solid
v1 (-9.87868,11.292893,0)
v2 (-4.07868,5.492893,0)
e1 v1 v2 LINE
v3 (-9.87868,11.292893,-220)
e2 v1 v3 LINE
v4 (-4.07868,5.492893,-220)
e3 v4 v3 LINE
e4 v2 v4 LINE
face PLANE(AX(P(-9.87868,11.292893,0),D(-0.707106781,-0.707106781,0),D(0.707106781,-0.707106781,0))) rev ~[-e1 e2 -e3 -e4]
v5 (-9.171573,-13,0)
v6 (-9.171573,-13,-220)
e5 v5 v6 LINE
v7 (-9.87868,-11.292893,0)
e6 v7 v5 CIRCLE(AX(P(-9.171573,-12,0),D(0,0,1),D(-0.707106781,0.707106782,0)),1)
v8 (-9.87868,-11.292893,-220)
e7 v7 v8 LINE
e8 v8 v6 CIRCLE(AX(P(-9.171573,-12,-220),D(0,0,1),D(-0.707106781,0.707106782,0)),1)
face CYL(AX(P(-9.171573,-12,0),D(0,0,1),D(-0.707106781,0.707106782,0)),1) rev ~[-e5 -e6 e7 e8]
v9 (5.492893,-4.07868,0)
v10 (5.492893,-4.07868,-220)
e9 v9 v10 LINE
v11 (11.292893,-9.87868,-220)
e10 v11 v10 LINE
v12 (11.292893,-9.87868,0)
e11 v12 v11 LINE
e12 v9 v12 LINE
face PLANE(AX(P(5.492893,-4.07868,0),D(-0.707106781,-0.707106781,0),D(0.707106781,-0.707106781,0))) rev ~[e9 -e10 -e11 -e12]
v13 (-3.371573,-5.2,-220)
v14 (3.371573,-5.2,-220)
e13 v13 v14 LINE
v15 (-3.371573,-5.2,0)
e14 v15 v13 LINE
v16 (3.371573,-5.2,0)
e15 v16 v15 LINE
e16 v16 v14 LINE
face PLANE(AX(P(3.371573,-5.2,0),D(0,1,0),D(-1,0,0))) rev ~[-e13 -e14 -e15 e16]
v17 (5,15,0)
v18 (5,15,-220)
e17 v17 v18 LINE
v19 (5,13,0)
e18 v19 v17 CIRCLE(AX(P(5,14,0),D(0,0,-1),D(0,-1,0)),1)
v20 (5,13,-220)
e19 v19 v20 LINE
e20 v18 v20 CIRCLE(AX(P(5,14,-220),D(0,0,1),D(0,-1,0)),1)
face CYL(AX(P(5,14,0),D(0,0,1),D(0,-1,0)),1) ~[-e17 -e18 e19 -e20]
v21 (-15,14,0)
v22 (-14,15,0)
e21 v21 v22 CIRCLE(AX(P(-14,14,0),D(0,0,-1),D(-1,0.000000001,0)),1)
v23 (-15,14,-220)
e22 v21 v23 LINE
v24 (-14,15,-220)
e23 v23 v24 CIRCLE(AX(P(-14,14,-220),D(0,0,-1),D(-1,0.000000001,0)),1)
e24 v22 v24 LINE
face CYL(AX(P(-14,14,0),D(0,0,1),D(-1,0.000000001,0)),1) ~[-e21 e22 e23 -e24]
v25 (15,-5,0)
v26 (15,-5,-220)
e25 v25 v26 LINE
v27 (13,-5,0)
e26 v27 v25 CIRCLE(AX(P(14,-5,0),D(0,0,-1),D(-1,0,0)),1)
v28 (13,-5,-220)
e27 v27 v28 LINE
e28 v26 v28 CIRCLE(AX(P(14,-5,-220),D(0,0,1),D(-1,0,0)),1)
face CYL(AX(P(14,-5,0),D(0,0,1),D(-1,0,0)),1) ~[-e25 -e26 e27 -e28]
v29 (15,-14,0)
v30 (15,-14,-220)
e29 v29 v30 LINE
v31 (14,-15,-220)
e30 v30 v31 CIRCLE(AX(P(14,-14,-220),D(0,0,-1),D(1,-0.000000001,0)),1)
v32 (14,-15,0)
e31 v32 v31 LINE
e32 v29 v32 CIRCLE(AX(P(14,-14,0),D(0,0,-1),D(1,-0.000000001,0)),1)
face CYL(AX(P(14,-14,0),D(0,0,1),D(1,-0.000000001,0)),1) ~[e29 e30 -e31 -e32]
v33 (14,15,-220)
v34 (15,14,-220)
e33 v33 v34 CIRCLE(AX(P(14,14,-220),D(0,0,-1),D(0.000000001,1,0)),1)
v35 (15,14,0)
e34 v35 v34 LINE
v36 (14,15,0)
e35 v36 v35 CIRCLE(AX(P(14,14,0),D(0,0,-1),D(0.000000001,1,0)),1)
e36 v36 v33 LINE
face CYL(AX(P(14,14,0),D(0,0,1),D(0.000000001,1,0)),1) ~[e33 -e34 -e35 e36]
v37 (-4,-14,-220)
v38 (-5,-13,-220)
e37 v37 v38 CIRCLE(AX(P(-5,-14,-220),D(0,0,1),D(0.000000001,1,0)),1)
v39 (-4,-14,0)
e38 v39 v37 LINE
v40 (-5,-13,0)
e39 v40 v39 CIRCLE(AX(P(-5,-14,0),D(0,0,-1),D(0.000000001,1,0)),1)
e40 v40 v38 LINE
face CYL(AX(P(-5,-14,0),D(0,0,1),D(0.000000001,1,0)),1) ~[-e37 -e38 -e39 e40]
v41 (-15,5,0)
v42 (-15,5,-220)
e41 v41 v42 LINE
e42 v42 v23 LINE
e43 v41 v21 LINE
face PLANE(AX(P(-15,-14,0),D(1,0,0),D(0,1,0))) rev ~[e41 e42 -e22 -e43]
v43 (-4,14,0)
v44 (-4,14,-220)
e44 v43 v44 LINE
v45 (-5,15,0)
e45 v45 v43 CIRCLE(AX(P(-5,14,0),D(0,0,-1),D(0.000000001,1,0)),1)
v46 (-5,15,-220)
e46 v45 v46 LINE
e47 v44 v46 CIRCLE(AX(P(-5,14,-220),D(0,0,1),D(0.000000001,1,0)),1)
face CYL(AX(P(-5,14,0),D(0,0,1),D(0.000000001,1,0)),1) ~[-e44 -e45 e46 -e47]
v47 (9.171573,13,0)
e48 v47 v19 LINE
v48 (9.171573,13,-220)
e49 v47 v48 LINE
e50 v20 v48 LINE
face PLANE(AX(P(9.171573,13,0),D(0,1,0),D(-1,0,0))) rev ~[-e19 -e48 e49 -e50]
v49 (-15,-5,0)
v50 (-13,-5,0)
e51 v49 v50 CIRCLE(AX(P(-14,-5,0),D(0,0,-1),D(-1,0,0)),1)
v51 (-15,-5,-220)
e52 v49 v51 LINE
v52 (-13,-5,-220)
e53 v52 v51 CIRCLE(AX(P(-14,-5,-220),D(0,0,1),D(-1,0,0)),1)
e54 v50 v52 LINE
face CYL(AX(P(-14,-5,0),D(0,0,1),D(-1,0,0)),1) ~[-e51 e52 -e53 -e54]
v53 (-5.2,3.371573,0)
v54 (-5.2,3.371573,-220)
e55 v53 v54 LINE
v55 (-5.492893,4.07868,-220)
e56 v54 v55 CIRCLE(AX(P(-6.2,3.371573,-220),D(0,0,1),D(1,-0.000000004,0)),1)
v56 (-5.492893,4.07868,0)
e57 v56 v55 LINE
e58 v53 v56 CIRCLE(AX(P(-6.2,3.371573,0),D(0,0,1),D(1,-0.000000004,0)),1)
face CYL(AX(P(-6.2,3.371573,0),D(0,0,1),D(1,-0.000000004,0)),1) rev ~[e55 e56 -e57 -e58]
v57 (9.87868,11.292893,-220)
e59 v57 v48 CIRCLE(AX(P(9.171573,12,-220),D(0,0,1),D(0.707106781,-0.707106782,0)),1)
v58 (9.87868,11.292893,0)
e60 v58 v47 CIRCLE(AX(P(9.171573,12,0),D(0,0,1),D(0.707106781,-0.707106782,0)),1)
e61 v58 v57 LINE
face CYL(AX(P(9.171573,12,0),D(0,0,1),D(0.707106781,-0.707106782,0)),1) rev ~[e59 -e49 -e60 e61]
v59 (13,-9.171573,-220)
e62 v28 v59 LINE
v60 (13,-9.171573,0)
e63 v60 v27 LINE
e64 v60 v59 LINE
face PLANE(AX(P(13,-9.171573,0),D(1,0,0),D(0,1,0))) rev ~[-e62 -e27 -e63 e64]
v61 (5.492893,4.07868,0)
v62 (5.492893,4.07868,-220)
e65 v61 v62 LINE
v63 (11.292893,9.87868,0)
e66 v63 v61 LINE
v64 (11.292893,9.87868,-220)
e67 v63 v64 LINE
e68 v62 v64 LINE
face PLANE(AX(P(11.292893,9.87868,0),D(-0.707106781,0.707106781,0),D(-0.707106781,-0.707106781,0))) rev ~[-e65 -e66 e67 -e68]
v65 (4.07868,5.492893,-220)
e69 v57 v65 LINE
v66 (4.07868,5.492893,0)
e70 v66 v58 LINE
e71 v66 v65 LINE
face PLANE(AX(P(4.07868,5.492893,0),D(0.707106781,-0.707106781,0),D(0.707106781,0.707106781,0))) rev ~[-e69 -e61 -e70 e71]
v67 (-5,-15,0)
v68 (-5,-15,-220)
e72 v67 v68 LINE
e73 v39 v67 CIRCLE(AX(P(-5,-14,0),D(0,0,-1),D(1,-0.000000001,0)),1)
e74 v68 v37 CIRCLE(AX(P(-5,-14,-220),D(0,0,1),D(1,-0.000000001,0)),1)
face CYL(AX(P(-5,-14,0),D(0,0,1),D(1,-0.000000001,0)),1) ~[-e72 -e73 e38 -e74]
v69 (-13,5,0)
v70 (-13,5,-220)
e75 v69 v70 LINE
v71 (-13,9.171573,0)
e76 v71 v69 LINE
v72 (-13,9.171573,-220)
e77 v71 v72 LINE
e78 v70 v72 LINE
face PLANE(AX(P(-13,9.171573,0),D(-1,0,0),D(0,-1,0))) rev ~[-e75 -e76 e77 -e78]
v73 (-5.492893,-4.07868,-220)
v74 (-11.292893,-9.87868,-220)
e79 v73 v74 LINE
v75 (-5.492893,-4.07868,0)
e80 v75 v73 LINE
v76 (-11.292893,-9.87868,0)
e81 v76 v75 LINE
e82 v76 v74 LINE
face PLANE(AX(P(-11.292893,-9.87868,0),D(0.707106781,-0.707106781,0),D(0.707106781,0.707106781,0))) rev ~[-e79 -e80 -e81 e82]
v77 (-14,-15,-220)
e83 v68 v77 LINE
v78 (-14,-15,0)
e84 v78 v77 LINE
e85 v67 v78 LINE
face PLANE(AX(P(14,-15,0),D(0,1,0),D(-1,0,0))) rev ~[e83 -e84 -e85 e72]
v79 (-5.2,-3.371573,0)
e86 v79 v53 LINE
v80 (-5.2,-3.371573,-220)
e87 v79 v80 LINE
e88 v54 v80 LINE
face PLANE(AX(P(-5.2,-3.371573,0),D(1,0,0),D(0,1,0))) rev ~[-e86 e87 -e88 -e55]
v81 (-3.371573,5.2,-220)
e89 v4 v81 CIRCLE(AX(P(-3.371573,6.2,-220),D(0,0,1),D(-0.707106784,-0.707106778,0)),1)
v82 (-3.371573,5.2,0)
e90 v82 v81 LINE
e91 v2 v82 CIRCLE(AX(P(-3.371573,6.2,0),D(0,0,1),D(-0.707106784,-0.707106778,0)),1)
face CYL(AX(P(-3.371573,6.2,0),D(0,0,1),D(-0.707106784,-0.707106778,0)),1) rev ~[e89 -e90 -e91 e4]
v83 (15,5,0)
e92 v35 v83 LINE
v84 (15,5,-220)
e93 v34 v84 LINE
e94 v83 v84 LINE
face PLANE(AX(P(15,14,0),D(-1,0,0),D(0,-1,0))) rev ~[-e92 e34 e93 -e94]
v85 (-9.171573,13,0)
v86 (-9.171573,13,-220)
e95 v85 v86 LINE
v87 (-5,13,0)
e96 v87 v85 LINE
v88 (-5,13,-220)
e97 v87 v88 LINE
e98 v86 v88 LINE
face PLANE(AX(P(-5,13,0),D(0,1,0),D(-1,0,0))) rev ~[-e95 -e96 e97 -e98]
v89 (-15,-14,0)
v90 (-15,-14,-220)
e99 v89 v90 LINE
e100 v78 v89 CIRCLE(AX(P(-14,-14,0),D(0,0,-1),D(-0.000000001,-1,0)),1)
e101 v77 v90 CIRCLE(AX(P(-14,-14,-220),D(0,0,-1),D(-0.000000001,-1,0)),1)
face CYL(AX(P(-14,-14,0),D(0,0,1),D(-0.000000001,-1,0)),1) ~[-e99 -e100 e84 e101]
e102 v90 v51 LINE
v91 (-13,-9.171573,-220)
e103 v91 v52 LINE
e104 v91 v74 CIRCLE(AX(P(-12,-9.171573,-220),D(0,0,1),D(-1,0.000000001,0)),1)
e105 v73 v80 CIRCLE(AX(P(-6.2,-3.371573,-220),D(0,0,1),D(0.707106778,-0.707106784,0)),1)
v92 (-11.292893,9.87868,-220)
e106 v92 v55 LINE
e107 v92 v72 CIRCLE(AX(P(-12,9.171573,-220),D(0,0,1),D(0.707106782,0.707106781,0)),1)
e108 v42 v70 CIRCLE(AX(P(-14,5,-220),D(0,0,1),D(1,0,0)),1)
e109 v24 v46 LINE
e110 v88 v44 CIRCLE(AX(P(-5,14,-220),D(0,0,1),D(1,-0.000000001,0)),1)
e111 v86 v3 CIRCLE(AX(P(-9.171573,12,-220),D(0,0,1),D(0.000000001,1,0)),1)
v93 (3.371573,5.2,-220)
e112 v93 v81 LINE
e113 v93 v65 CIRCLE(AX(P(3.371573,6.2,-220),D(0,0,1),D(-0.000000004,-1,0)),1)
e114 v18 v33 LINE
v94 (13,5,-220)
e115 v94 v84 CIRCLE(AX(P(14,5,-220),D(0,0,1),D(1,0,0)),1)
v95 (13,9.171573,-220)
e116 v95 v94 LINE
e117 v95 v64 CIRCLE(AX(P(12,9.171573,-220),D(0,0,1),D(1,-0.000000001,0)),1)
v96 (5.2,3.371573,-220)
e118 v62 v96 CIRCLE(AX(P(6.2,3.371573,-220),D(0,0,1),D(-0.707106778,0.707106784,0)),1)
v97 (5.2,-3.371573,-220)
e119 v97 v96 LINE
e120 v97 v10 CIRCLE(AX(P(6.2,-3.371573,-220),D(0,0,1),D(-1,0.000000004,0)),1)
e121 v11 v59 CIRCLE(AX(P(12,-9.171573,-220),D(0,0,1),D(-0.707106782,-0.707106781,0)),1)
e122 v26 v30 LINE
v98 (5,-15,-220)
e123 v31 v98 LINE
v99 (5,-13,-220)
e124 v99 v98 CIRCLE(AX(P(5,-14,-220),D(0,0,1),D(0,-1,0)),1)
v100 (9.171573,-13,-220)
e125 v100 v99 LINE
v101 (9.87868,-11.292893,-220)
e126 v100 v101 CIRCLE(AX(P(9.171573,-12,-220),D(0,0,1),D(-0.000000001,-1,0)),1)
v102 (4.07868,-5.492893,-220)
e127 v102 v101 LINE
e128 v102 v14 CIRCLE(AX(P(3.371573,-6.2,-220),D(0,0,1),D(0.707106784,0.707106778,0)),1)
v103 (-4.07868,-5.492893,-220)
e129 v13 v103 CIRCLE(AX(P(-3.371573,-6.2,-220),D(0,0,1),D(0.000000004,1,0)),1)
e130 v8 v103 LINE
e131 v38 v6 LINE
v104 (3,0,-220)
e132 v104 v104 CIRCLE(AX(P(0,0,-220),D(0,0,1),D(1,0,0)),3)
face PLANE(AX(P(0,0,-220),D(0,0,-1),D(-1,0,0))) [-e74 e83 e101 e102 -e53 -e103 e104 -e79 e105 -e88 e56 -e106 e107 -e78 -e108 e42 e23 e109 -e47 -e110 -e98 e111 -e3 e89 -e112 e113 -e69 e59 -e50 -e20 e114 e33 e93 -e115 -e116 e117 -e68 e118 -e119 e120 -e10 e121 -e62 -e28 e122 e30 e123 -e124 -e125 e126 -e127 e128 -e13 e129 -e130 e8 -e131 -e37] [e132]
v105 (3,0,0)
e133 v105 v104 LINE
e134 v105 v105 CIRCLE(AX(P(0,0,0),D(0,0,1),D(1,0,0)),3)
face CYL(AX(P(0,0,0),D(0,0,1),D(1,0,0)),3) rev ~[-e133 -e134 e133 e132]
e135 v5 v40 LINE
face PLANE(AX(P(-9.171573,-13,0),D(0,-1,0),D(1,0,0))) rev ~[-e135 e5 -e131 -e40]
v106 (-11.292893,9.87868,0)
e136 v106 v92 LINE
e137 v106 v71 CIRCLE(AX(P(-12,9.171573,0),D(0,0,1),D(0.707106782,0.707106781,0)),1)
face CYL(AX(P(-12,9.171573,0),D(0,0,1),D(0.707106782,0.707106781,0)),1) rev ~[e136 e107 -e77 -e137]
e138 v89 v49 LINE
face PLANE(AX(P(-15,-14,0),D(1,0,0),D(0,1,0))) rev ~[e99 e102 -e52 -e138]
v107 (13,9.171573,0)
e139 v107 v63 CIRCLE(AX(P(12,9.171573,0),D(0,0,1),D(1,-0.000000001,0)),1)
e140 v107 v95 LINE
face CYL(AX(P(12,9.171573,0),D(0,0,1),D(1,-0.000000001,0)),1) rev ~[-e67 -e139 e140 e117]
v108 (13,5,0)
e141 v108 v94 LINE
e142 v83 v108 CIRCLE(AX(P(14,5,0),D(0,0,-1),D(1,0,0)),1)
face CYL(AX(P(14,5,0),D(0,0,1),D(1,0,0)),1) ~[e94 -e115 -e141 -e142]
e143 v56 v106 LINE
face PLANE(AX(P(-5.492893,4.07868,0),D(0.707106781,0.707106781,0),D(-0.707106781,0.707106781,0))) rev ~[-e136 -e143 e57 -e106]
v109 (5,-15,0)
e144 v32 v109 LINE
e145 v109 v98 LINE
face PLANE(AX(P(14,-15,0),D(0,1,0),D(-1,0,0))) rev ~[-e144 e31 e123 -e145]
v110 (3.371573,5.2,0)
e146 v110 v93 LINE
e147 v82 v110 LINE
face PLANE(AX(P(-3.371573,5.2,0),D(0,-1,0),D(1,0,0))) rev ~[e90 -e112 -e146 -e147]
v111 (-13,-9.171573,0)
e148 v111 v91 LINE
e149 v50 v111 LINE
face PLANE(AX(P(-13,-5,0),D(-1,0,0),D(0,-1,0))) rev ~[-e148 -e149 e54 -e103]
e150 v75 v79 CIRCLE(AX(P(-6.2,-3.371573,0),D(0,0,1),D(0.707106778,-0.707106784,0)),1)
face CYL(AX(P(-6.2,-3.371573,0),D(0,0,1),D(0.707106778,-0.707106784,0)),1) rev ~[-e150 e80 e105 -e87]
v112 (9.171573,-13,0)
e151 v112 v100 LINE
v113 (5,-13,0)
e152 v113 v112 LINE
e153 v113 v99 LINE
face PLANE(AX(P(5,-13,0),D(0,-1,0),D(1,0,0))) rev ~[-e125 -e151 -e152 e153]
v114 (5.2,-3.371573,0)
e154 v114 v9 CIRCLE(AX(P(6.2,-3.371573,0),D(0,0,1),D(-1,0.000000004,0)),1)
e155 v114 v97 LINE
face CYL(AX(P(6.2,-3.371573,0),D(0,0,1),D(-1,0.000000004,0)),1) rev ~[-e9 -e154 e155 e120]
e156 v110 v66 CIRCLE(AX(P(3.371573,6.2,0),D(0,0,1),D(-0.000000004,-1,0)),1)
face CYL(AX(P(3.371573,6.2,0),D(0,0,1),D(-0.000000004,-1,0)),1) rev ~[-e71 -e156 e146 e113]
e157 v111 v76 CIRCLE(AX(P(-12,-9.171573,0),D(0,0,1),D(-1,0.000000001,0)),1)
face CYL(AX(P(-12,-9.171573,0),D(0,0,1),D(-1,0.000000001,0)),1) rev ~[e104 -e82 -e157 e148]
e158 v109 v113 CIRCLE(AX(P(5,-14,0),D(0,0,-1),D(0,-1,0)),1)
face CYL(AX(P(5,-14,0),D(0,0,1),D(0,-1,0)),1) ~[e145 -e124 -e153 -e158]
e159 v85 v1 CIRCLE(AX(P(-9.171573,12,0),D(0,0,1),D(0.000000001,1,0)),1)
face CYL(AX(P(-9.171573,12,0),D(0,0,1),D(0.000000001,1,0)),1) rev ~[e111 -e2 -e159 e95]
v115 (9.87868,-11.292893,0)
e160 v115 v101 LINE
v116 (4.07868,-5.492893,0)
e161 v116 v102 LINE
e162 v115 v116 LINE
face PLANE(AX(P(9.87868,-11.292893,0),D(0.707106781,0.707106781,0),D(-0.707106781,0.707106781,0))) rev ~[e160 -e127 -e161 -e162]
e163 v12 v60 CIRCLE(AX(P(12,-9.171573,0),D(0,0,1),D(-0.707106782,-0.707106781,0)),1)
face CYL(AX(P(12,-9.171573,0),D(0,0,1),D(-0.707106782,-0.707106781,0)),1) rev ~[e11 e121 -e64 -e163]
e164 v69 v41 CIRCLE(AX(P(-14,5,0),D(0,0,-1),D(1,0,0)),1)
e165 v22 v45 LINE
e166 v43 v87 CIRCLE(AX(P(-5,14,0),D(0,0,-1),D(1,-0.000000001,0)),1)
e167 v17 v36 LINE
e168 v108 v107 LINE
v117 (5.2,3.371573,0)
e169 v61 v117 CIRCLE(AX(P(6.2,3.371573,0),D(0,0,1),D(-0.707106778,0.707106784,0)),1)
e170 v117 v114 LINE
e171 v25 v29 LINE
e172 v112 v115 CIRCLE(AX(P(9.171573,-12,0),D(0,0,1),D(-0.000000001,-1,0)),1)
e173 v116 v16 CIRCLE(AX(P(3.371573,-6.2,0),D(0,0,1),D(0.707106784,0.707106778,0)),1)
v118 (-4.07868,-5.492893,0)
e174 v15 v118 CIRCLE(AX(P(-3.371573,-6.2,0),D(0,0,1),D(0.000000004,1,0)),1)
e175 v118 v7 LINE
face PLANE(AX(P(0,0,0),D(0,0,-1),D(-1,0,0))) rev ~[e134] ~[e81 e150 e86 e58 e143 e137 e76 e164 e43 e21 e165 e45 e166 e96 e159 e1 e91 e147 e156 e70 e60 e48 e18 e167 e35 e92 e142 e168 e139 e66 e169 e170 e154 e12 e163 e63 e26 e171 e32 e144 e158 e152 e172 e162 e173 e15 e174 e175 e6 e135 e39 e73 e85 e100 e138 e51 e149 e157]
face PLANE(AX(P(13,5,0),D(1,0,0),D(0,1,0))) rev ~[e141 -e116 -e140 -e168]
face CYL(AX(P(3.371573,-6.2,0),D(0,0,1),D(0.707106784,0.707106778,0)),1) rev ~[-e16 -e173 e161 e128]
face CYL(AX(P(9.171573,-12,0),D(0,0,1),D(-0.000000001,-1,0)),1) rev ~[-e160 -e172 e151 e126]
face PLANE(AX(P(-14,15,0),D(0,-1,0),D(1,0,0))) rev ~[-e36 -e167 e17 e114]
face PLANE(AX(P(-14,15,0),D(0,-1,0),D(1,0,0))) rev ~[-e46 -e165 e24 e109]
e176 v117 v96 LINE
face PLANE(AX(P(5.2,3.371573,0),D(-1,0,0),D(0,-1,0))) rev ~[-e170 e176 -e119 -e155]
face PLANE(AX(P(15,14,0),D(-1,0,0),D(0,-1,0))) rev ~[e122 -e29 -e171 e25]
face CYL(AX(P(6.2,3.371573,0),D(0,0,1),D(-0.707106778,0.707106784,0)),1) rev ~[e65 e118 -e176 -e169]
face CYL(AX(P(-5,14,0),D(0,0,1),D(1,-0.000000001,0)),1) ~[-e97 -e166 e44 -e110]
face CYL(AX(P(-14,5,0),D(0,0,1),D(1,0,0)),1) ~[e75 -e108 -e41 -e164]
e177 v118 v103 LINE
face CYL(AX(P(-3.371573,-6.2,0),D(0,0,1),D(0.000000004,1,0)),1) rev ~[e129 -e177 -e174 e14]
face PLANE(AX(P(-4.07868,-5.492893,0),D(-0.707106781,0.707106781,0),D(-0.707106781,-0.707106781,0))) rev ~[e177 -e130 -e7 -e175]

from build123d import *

# Parameters (mm, degrees)
SALIENTE_EXTRUIR1_DEPTH = 220
CROQUIS2_R              = 3
CORTAR_EXTRUIR1_DEPTH   = 222.020361053
CORTAR_EXTRUIR3_DEPTH   = 222.020361053


with BuildPart() as part:
    # Croquis1 → Saliente-Extruir1 (new body)
    with BuildSketch(Plane.XY):
        with BuildLine():
            Line((-14, 15), (14, 15))
            ThreePointArc((14, 15), (14.707106781, 14.707106781), (15, 14))
            Line((15, 14), (15, -14))
            ThreePointArc((15, -14), (14.707106781, -14.707106781), (14, -15))
            Line((14, -15), (-14, -15))
            ThreePointArc((-14, -15), (-14.707106781, -14.707106781), (-15, -14))
            Line((-15, -14), (-15, 14))
            ThreePointArc((-15, 14), (-14.707106781, 14.707106781), (-14, 15))
        make_face()
    extrude(amount=-SALIENTE_EXTRUIR1_DEPTH)

    # Croquis2 → Cortar-Extruir1 (cut, through all)
    with BuildSketch(Plane.XY):
        Circle(CROQUIS2_R)
    extrude(amount=-CORTAR_EXTRUIR1_DEPTH, mode=Mode.SUBTRACT)

    # Croquis3 → Cortar-Extruir3 (cut, through all)
    with BuildSketch(Plane.XY):
        with BuildLine():
            Line((-5.492893219, 4.078679656), (-11.292893219, 9.878679656))
            ThreePointArc((-11.292893219, 9.878679656), (-12.382683432, 10.095452408), (-13, 9.171572875))
            Line((-13, 9.171572875), (-13, 5))
            ThreePointArc((-13, 5), (-14, 4), (-15, 5))
            Line((-15, 5), (-15, -5))
            ThreePointArc((-15, -5), (-14, -4), (-13, -5))
            Line((-13, -5), (-13, -9.171572875))
            ThreePointArc((-13, -9.171572875), (-12.382683432, -10.095452408), (-11.292893219, -9.878679656))
            Line((-11.292893219, -9.878679656), (-5.492893219, -4.078679656))
            ThreePointArc((-5.492893219, -4.078679656), (-5.276120467, -3.754256308), (-5.2, -3.371572875))
            Line((-5.2, -3.371572875), (-5.2, 3.371572875))
            ThreePointArc((-5.2, 3.371572875), (-5.276120467, 3.754256308), (-5.492893219, 4.078679656))
        make_face()
        with BuildLine():
            ThreePointArc((-9.171572875, 13), (-10.095452408, 12.382683432), (-9.878679656, 11.292893219))
            Line((-9.878679656, 11.292893219), (-4.078679656, 5.492893219))
            ThreePointArc((-4.078679656, 5.492893219), (-3.754256308, 5.276120467), (-3.371572875, 5.2))
            Line((-3.371572875, 5.2), (3.371572875, 5.2))
            ThreePointArc((3.371572875, 5.2), (3.754256308, 5.276120467), (4.078679656, 5.492893219))
            Line((4.078679656, 5.492893219), (9.878679656, 11.292893219))
            ThreePointArc((9.878679656, 11.292893219), (10.095452408, 12.382683432), (9.171572875, 13))
            Line((9.171572875, 13), (5, 13))
            ThreePointArc((5, 13), (4, 14), (5, 15))
            Line((5, 15), (-5, 15))
            ThreePointArc((-5, 15), (-4.292893219, 14.707106781), (-4, 14))
            ThreePointArc((-4, 14), (-4.292893219, 13.292893219), (-5, 13))
            Line((-5, 13), (-9.171572875, 13))
        make_face()
        with BuildLine():
            Line((9.878679656, -11.292893219), (4.078679656, -5.492893219))
            ThreePointArc((4.078679656, -5.492893219), (3.754256308, -5.276120467), (3.371572875, -5.2))
            Line((3.371572875, -5.2), (-3.371572875, -5.2))
            ThreePointArc((-3.371572875, -5.2), (-3.754256308, -5.276120467), (-4.078679656, -5.492893219))
            Line((-4.078679656, -5.492893219), (-9.878679656, -11.292893219))
            ThreePointArc((-9.878679656, -11.292893219), (-10.095452408, -12.382683432), (-9.171572875, -13))
            Line((-9.171572875, -13), (-5, -13))
            ThreePointArc((-5, -13), (-4.292893219, -13.292893219), (-4, -14))
            ThreePointArc((-4, -14), (-4.292893219, -14.707106781), (-5, -15))
            Line((-5, -15), (5, -15))
            ThreePointArc((5, -15), (4, -14), (5, -13))
            Line((5, -13), (9.171572875, -13))
            ThreePointArc((9.171572875, -13), (10.095452408, -12.382683432), (9.878679656, -11.292893219))
        make_face()
        with BuildLine():
            ThreePointArc((13, 9.171572875), (12.382683432, 10.095452408), (11.292893219, 9.878679656))
            Line((11.292893219, 9.878679656), (5.492893219, 4.078679656))
            ThreePointArc((5.492893219, 4.078679656), (5.276120467, 3.754256308), (5.2, 3.371572875))
            Line((5.2, 3.371572875), (5.2, -3.371572875))
            ThreePointArc((5.2, -3.371572875), (5.276120467, -3.754256308), (5.492893219, -4.078679656))
            Line((5.492893219, -4.078679656), (11.292893219, -9.878679656))
            ThreePointArc((11.292893219, -9.878679656), (12.382683432, -10.095452408), (13, -9.171572875))
            Line((13, -9.171572875), (13, -5))
            ThreePointArc((13, -5), (14, -4), (15, -5))
            Line((15, -5), (15, 5))
            ThreePointArc((15, 5), (14, 4), (13, 5))
            Line((13, 5), (13, 9.171572875))
        make_face()
    extrude(amount=-CORTAR_EXTRUIR3_DEPTH, mode=Mode.SUBTRACT)


solid = part.part
